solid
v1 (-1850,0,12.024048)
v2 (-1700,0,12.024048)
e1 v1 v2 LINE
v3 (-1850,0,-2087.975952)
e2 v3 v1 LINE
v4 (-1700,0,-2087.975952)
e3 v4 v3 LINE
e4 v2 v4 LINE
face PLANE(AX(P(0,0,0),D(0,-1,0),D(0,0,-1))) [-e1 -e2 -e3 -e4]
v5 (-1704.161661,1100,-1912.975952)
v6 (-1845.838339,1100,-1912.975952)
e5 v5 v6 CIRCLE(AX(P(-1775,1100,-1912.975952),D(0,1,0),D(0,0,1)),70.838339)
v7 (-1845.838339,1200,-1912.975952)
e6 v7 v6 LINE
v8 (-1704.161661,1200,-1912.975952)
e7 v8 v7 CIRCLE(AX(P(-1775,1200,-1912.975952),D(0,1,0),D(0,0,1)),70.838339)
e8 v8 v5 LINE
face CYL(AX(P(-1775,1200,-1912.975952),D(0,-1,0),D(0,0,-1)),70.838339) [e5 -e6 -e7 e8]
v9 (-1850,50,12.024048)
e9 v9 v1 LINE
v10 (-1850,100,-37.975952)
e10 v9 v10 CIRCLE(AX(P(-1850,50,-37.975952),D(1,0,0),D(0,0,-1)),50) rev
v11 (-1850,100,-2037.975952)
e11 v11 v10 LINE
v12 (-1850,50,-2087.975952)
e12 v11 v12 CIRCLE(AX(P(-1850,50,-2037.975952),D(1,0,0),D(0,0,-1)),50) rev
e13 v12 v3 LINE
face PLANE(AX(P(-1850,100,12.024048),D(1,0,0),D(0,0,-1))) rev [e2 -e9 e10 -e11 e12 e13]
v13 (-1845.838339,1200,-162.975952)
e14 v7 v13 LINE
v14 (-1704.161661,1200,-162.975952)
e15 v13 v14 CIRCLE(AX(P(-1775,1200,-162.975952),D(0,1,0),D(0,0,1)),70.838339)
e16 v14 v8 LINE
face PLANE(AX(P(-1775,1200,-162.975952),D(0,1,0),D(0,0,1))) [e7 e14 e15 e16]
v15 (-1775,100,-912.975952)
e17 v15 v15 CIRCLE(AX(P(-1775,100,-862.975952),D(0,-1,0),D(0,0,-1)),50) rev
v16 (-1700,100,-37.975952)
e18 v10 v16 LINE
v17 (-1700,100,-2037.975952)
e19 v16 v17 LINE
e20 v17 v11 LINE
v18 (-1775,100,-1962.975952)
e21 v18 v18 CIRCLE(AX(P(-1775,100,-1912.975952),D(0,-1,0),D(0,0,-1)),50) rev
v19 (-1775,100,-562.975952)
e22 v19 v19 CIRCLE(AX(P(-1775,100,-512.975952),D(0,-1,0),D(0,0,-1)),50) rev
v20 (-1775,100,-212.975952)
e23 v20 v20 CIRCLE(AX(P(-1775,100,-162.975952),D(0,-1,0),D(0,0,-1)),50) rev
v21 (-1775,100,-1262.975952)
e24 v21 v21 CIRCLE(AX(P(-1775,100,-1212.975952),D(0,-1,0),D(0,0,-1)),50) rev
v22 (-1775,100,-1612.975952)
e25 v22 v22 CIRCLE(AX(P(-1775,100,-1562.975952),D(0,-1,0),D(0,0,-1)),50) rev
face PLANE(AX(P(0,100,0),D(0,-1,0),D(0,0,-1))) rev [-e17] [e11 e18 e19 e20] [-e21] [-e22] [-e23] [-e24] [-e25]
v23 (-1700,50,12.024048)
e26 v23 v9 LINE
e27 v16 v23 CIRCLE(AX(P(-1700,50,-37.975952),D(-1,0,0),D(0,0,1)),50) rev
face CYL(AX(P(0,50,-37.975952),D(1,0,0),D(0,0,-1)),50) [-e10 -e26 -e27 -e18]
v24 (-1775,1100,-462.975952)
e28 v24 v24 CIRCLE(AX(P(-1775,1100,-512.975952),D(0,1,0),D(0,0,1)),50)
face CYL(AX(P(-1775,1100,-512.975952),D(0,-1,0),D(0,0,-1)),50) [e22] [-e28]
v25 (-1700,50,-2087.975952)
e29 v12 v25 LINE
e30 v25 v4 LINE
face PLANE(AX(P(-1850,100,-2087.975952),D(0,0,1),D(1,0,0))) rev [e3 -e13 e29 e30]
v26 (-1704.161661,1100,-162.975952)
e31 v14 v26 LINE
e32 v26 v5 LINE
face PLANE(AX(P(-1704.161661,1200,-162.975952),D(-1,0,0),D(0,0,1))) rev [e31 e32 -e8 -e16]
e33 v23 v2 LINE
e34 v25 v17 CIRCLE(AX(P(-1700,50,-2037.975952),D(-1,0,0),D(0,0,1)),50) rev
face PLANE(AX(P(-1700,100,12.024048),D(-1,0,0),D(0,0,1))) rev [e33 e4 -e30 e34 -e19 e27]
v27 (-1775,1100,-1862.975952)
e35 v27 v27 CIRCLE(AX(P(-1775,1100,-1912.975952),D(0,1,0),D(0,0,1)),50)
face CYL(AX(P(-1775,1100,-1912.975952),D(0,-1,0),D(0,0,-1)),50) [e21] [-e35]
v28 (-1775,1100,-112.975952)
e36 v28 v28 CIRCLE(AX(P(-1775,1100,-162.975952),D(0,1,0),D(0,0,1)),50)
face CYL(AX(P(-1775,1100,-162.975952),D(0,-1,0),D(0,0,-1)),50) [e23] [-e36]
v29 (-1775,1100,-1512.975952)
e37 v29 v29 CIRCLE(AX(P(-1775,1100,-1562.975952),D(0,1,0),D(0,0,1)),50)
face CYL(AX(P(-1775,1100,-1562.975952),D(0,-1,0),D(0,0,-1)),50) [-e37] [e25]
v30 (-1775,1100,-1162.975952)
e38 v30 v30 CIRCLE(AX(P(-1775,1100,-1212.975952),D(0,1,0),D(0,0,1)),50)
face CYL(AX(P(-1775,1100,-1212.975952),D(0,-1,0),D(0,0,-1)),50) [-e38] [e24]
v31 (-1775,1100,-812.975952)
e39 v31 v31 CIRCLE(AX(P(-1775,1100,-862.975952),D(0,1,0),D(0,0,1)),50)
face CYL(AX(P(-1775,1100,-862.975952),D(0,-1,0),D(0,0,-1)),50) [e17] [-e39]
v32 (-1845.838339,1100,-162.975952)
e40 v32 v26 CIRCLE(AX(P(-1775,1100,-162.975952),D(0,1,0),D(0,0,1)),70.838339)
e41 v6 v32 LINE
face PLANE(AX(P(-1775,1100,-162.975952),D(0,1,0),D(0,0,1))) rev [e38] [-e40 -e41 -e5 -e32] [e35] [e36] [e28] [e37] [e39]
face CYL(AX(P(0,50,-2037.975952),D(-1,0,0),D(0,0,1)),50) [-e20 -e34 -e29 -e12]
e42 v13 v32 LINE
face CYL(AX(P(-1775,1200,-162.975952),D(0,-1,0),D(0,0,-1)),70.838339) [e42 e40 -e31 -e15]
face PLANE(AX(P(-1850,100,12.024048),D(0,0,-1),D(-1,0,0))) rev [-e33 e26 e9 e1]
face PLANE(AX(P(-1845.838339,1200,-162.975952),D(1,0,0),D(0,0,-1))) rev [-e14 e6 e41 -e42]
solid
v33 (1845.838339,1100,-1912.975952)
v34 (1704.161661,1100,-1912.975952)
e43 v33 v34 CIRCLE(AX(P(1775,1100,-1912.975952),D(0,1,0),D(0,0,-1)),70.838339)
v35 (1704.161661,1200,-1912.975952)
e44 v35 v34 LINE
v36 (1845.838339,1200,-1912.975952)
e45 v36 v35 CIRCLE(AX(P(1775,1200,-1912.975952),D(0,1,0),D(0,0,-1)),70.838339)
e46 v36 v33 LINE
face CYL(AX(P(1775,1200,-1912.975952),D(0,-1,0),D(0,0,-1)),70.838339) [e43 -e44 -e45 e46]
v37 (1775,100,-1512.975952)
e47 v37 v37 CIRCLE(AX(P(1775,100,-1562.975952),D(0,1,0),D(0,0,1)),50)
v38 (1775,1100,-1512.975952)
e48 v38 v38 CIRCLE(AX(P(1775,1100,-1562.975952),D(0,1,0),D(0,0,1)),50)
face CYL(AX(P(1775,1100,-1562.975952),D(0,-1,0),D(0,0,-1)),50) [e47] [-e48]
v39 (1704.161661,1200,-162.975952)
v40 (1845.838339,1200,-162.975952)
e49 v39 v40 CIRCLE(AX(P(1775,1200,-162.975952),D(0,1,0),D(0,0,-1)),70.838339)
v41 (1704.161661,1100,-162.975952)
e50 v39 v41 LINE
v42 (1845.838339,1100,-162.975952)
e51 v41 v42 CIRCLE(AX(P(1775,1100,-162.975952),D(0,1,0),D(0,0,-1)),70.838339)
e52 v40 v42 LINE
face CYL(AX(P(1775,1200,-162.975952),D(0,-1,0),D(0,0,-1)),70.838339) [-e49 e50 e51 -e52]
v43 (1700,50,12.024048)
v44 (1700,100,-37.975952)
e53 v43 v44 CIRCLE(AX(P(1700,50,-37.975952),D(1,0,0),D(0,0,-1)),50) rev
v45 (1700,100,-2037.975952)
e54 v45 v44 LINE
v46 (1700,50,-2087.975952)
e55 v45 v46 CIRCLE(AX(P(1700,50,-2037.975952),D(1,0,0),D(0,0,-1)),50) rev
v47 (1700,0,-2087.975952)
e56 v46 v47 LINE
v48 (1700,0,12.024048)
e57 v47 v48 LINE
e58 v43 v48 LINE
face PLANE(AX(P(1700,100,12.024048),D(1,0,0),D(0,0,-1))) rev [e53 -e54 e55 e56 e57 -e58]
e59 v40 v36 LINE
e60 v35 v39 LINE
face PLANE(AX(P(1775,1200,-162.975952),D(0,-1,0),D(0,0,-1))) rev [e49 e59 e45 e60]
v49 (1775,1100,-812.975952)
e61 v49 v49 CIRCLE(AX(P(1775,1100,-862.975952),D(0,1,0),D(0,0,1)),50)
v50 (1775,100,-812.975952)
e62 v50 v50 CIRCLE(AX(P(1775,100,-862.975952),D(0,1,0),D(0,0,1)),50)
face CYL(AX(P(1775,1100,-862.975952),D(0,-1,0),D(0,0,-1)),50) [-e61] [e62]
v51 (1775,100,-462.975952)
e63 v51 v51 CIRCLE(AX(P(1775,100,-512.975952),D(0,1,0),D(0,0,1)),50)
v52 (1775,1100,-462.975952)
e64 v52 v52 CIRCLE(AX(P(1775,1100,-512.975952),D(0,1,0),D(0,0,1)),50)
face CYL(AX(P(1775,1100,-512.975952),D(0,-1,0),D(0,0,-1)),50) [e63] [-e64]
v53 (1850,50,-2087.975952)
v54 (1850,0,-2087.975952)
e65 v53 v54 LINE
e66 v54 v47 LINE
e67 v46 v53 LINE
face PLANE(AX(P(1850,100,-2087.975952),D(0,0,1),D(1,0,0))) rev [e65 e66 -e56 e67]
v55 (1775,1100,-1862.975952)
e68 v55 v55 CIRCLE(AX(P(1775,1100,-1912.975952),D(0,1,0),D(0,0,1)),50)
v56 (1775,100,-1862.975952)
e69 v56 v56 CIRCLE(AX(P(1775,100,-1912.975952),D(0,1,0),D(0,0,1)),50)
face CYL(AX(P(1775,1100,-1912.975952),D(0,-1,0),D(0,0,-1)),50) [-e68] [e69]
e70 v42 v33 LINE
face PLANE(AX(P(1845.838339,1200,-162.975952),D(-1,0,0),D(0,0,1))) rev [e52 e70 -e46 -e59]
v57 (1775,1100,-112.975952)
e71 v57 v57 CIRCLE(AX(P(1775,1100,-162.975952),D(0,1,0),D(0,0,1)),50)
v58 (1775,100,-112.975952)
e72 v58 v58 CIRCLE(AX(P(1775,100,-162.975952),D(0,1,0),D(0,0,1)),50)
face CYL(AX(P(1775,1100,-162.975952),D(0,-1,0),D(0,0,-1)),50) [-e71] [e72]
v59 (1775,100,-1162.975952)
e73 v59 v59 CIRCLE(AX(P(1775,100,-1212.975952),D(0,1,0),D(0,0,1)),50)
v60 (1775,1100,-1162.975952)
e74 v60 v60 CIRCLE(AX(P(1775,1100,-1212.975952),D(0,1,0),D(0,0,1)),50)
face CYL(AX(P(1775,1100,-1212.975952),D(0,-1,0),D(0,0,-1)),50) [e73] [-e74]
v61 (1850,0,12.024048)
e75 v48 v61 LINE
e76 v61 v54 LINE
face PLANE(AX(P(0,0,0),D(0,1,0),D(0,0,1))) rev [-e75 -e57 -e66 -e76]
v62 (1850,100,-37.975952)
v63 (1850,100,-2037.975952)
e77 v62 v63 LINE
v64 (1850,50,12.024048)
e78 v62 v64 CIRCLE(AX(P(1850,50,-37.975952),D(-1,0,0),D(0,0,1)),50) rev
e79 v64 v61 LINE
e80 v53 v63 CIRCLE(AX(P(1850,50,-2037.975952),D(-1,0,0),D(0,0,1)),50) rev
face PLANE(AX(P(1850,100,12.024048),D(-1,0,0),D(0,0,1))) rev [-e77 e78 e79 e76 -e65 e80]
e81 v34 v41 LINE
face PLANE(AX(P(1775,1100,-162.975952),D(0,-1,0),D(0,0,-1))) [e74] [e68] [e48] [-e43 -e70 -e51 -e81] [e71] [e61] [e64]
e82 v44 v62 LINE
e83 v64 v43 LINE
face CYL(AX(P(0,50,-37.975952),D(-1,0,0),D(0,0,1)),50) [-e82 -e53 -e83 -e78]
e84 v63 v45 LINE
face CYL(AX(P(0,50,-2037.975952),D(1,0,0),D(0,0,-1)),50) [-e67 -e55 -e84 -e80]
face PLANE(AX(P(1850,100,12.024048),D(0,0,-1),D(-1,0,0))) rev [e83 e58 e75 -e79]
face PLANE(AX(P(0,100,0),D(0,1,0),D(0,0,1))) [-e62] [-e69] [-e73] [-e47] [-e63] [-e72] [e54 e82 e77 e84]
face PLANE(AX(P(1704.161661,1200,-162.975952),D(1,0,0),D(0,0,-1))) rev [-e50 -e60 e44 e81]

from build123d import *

# Parameters (mm, degrees)
SKETCH2_W             = 150
SKETCH2_H             = 2100
BOSS_EXTRUDE3_DEPTH   = 100
BOSS_EXTRUDE3_2_DEPTH = 100
SKETCH3_R             = 50
BOSS_EXTRUDE4_DEPTH   = 1000
LPATTERN1_COUNT       = 6
LPATTERN1_PITCH       = 350
SKETCH5_R             = 50
BOSS_EXTRUDE5_DEPTH   = 1000
LPATTERN2_COUNT       = 6
LPATTERN2_PITCH       = 350
FILLET1_R             = 50
FILLET2_R             = 50
FILLET3_R             = 50
FILLET4_R             = 50
BOSS_EXTRUDE8_DEPTH   = 100


with BuildPart() as part:
    # Sketch2 → Boss-Extrude3 (new body)
    with BuildSketch(Plane(origin=(0, 0, 0), x_dir=(1, 0, 0), z_dir=(0, 1, 0))):
        with Locations((1775, 1037.975951904)):
            Rectangle(SKETCH2_W, SKETCH2_H)
    extrude(amount=BOSS_EXTRUDE3_DEPTH)

    # Sketch5 → Boss-Extrude5 (add)
    with BuildSketch(Plane(origin=(0, 100, 0), x_dir=(1, 0, 0), z_dir=(0, 1, 0))):
        with Locations(Location((1775, 1912.975951904, 0), (0, 0, 270))):
            Circle(SKETCH5_R)
    boss_extrude5 = extrude(amount=BOSS_EXTRUDE5_DEPTH)

    # LPattern2: Boss-Extrude5 ×6
    with Locations(*[(0, 0, i * LPATTERN2_PITCH) for i in range(1, LPATTERN2_COUNT)]):
        add(boss_extrude5)

    # Fillet3
    fillet3_edges = [part.edges().sort_by_distance(p)[0] for p in [
        (1775, 100, 12.024048096),
    ]]
    fillet(fillet3_edges, radius=FILLET3_R)

    # Fillet4
    fillet4_edges = [part.edges().sort_by_distance(p)[0] for p in [
        (1775, 100, -2087.975951904),
    ]]
    fillet(fillet4_edges, radius=FILLET4_R)



with BuildPart() as body_2:
    # Sketch2 → Boss-Extrude3 2 (new body)
    with BuildSketch(Plane(origin=(0, 0, 0), x_dir=(1, 0, 0), z_dir=(0, 1, 0))):
        with Locations((-1775, 1037.975951904)):
            Rectangle(SKETCH2_W, SKETCH2_H)
    extrude(amount=BOSS_EXTRUDE3_2_DEPTH)

    # Sketch3 → Boss-Extrude4 (add)
    with BuildSketch(Plane(origin=(0, 100, 0), x_dir=(1, 0, 0), z_dir=(0, 1, 0))):
        with Locations(Location((-1775, 162.975951904, 0), (0, 0, 90))):
            Circle(SKETCH3_R)
    boss_extrude4 = extrude(amount=BOSS_EXTRUDE4_DEPTH)

    # LPattern1: Boss-Extrude4 ×6
    with Locations(*[(0, 0, -i * LPATTERN1_PITCH) for i in range(1, LPATTERN1_COUNT)]):
        add(boss_extrude4)

    # Fillet1
    fillet1_edges = [body_2.edges().sort_by_distance(p)[0] for p in [
        (-1775, 100, -2087.975951904),
    ]]
    fillet(fillet1_edges, radius=FILLET1_R)

    # Fillet2
    fillet2_edges = [body_2.edges().sort_by_distance(p)[0] for p in [
        (-1775, 100, 12.024048096),
    ]]
    fillet(fillet2_edges, radius=FILLET2_R)


with BuildPart() as part_1:
    add(part.part)

    add(body_2.part)  # Boss-Extrude8 merges body 2
    # Sketch13 → Boss-Extrude8 (add)
    with BuildSketch(Plane(origin=(0, 1100, 0), x_dir=(1, 0, 0), z_dir=(0, 1, 0))):
        with BuildLine():
            Line((-1845.838339321, 162.975951904), (-1845.838339321, 1912.975951904))
            ThreePointArc((-1845.838339321, 1912.975951904), (-1775, 1983.814291225), (-1704.161660679, 1912.975951904))
            Line((-1704.161660679, 1912.975951904), (-1704.161660679, 162.975951904))
            ThreePointArc((-1704.161660679, 162.975951904), (-1775, 92.137612583), (-1845.838339321, 162.975951904))
        make_face()
        with BuildLine():
            Line((1845.838339321, 162.975951904), (1845.838339321, 1912.975951904))
            ThreePointArc((1845.838339321, 1912.975951904), (1775, 1983.814291225), (1704.161660679, 1912.975951904))
            Line((1704.161660679, 1912.975951904), (1704.161660679, 162.975951904))
            ThreePointArc((1704.161660679, 162.975951904), (1775, 92.137612583), (1845.838339321, 162.975951904))
        make_face()
    extrude(amount=BOSS_EXTRUDE8_DEPTH)


solid = part_1.part
